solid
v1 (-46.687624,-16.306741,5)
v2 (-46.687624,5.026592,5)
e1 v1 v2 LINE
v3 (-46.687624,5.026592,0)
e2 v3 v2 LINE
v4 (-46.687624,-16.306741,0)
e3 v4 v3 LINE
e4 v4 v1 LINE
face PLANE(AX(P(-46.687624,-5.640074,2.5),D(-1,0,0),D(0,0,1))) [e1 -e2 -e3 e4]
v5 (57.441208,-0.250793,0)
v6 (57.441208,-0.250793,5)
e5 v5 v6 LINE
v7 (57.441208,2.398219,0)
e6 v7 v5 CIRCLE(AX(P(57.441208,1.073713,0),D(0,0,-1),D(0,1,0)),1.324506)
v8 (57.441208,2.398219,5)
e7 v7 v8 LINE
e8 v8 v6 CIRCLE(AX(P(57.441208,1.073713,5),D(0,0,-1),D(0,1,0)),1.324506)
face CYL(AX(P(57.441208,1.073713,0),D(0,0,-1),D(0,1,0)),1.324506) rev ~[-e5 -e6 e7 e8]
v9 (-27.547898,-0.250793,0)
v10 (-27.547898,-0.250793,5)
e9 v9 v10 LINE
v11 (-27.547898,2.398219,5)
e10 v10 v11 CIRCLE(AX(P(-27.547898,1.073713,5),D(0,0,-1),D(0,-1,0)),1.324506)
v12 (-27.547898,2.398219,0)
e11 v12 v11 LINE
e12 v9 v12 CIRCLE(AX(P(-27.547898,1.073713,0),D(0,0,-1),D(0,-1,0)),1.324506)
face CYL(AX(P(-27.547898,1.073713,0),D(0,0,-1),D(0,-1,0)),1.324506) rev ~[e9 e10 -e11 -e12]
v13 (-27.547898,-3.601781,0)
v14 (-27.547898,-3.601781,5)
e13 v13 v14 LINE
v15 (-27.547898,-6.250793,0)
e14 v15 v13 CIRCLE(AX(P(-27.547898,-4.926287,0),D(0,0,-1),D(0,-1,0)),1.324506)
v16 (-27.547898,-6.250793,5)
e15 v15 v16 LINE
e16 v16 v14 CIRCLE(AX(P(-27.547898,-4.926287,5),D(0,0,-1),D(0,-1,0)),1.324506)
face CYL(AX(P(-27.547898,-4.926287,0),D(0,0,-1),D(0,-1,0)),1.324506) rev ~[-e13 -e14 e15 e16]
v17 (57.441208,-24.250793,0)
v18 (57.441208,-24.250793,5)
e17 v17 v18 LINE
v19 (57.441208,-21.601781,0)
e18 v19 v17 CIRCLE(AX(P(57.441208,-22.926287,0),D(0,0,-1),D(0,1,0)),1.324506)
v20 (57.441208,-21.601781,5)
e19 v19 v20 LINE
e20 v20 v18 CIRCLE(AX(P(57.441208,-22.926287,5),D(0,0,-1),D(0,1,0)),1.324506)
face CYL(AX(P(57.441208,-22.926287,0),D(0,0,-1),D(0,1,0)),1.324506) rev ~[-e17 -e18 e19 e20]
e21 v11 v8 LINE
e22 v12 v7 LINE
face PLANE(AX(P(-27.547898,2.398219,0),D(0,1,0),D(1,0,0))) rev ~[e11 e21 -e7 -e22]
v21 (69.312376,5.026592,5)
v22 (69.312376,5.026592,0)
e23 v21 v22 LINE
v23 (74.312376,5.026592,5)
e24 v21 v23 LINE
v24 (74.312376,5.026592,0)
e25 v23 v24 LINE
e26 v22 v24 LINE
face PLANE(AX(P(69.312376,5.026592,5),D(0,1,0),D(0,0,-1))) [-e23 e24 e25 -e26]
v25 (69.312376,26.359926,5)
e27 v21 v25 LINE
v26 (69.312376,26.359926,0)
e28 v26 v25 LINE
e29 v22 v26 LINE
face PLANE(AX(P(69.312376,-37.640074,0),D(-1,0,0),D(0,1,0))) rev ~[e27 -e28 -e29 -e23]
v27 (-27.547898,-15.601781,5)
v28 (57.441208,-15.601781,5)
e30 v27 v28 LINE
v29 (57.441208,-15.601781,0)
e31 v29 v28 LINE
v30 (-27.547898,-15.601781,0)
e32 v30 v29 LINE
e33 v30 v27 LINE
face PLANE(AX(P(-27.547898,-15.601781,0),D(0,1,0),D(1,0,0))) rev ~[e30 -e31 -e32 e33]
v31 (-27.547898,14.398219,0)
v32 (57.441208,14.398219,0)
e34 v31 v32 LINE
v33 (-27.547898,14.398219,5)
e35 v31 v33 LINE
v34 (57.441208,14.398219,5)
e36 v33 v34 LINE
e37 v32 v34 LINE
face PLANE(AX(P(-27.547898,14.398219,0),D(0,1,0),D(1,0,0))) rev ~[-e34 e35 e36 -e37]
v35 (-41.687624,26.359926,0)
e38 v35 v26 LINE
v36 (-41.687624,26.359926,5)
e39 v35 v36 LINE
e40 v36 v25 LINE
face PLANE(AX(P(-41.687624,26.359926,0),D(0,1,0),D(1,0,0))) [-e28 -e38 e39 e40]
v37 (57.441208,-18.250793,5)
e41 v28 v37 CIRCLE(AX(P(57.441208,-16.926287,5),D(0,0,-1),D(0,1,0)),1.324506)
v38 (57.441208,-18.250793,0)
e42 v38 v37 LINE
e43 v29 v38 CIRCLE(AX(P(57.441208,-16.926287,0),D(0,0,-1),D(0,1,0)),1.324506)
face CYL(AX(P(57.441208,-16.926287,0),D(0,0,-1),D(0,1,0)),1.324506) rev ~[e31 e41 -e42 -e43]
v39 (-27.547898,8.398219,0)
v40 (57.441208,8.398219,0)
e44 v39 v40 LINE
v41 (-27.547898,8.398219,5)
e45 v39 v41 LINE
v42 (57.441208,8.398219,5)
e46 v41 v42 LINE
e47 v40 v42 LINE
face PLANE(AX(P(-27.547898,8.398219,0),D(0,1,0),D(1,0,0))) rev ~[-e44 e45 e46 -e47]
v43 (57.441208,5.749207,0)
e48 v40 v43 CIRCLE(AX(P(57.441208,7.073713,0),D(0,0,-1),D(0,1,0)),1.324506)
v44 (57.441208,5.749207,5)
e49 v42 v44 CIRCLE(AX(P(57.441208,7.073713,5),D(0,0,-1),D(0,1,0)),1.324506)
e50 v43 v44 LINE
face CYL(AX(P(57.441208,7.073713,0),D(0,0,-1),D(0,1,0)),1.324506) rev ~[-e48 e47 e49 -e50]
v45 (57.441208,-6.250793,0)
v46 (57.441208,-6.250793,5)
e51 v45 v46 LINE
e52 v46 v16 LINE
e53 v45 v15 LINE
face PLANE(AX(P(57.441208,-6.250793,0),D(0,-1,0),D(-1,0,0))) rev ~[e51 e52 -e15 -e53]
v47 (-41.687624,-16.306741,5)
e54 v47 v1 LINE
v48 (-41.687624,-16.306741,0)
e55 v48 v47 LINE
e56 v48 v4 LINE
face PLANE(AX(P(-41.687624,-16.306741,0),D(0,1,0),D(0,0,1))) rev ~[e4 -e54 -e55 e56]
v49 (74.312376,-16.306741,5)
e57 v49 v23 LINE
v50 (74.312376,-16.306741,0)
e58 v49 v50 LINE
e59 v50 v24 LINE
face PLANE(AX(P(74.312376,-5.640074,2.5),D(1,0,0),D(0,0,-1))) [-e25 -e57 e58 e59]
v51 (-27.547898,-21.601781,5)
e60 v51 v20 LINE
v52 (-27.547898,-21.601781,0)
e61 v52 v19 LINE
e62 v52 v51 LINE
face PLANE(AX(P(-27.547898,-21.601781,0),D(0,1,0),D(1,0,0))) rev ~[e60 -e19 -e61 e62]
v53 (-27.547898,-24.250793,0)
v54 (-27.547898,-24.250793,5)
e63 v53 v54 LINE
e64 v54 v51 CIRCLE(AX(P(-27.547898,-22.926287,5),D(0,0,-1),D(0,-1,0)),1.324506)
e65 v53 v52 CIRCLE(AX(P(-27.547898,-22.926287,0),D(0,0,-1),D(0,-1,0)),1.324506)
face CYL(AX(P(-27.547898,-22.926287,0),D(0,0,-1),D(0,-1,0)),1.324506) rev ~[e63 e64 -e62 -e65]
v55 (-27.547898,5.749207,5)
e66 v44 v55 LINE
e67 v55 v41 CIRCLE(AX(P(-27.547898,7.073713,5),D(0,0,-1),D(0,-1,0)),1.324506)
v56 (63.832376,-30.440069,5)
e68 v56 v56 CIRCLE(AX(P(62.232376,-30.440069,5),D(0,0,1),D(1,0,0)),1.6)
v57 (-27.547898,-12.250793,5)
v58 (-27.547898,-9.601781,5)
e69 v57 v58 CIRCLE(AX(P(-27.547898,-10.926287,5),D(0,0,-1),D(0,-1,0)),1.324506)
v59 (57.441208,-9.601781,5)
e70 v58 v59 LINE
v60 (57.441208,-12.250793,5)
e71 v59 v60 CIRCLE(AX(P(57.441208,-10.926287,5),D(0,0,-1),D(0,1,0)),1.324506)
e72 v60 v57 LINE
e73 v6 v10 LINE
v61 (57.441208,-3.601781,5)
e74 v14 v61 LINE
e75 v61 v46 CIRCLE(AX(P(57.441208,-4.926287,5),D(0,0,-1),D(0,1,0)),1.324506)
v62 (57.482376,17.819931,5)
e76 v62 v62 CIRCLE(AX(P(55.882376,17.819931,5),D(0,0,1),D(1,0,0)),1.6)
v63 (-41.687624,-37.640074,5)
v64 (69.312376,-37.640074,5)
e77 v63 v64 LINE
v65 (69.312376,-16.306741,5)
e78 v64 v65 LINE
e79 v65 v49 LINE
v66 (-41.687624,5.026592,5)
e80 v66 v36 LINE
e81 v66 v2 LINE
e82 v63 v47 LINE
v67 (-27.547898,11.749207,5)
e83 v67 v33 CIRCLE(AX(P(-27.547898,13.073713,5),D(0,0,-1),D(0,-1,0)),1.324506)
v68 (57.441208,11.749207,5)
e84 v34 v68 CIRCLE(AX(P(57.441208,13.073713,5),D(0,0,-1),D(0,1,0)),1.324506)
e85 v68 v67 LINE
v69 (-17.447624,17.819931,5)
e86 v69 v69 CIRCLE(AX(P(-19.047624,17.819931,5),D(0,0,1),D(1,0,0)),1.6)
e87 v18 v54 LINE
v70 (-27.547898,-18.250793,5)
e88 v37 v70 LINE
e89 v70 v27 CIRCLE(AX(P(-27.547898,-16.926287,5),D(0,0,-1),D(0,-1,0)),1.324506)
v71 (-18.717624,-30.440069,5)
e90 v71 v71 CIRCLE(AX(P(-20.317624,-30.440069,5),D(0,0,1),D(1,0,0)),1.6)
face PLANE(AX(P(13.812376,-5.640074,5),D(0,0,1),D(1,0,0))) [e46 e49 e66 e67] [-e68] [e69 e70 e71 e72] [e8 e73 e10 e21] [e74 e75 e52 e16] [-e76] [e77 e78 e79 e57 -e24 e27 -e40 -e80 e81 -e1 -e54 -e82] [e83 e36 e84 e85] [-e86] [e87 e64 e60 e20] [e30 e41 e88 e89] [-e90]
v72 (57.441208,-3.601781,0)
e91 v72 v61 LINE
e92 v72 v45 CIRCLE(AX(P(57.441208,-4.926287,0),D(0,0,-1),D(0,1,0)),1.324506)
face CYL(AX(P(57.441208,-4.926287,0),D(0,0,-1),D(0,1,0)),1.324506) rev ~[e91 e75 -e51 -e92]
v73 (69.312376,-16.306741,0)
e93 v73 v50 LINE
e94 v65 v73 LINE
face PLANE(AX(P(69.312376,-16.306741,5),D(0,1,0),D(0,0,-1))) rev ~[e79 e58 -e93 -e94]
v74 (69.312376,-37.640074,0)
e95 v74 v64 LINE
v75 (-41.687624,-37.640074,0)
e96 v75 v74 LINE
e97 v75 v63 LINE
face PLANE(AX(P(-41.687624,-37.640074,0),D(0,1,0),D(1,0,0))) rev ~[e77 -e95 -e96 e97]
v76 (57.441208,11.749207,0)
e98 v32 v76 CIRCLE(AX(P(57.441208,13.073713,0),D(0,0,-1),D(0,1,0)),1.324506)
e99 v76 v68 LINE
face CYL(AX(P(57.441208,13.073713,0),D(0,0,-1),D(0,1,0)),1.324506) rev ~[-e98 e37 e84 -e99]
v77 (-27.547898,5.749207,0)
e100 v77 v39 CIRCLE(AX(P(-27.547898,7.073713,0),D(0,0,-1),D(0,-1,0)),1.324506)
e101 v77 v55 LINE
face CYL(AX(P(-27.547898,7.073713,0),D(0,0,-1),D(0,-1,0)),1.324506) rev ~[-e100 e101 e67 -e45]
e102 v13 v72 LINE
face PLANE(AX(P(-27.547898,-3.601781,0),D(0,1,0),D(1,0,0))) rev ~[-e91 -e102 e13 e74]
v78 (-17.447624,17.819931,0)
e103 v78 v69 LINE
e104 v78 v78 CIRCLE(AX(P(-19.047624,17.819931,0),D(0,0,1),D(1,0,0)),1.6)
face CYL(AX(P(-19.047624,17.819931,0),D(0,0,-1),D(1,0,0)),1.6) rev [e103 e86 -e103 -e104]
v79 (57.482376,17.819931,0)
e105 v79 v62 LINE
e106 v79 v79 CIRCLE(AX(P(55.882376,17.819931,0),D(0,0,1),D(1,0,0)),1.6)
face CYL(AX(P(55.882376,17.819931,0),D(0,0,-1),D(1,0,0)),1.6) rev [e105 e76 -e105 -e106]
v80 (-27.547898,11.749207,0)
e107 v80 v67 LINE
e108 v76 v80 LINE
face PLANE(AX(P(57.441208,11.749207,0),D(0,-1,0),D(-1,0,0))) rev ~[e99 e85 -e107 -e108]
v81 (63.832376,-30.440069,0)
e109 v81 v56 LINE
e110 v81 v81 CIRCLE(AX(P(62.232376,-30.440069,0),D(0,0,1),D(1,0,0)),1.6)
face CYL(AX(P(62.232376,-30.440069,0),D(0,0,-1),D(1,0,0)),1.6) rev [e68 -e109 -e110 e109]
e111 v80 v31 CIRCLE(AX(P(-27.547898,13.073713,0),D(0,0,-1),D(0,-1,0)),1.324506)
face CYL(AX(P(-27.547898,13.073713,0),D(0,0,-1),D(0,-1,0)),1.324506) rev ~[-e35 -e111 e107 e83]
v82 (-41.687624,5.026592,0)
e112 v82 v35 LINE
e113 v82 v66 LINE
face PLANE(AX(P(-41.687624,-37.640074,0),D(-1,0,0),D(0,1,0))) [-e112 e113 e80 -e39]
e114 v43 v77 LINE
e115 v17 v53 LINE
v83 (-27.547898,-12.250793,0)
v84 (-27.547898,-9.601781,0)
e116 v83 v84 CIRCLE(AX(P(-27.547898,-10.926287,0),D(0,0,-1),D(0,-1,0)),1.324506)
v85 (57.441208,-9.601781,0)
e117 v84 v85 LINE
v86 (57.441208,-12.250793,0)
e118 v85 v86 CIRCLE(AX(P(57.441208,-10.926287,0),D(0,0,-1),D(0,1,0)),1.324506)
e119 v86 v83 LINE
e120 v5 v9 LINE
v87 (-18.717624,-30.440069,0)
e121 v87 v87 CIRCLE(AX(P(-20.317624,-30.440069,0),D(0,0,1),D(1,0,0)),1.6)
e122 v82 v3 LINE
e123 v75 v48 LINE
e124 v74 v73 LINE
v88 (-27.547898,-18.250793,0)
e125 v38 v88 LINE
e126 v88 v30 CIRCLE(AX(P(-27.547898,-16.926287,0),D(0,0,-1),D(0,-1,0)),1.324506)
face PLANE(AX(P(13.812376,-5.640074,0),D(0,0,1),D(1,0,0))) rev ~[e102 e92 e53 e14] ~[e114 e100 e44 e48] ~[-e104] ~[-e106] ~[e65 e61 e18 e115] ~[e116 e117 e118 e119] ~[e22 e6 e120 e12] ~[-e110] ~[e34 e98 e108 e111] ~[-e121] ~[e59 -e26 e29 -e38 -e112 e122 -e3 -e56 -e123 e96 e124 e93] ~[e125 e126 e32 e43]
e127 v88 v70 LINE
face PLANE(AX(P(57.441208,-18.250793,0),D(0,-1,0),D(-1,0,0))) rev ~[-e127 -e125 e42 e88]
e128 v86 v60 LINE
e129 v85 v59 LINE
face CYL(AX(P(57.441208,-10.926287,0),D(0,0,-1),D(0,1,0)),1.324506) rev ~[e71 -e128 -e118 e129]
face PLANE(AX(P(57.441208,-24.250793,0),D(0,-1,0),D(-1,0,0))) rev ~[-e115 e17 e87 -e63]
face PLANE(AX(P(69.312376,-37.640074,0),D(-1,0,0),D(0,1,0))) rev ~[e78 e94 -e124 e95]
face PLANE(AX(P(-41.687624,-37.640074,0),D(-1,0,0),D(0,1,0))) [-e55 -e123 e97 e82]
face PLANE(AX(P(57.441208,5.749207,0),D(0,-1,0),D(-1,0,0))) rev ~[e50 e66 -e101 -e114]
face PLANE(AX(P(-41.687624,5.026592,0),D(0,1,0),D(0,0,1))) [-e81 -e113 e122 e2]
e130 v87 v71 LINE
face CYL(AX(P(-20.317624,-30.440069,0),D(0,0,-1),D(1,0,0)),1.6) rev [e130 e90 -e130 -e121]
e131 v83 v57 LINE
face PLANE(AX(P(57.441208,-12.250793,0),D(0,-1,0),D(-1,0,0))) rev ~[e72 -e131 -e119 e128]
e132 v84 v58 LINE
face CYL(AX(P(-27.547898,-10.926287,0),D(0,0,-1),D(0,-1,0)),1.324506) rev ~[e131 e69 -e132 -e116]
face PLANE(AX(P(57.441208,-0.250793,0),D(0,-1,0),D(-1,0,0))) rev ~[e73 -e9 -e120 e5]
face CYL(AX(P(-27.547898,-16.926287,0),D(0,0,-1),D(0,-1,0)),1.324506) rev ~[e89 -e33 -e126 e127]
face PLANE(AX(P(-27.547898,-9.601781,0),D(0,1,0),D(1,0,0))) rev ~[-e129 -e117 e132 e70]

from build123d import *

# Parameters (mm, degrees)
CROQUIS1_W              = 111
CROQUIS1_H              = 64
CROQUIS1_R              = 1.6
SALIENTE_EXTRUIR1_DEPTH = 5
CROQUIS2_W              = 5
CROQUIS2_H              = 21.3333333
SALIENTE_EXTRUIR2_DEPTH = 5
CROQUIS3_W              = 5
CROQUIS3_H              = 21.3333333
SALIENTE_EXTRUIR3_DEPTH = 5


with BuildPart() as part:
    # Croquis1 → Saliente-Extruir1 (new body)
    with BuildSketch(Plane.XY):
        with Locations((13.812375919, -5.640074375)):
            Rectangle(CROQUIS1_W, CROQUIS1_H)
        with Locations((-20.317624082, -30.440068587)):
            Circle(CROQUIS1_R, mode=Mode.SUBTRACT)
        with Locations((-19.047624082, 17.819931413)):
            Circle(CROQUIS1_R, mode=Mode.SUBTRACT)
        with Locations((55.882375918, 17.819931413)):
            Circle(CROQUIS1_R, mode=Mode.SUBTRACT)
        with Locations((62.232375918, -30.440068587)):
            Circle(CROQUIS1_R, mode=Mode.SUBTRACT)
        with BuildLine():
            Line((-27.547897963, 14.398218547), (57.441208347, 14.398218547))
            ThreePointArc((57.441208347, 14.398218547), (58.7657139, 13.073712995), (57.441208347, 11.749207442))
            Line((57.441208347, 11.749207442), (-27.547897963, 11.749207442))
            ThreePointArc((-27.547897963, 11.749207442), (-28.872403516, 13.073712995), (-27.547897963, 14.398218547))
        make_face(mode=Mode.SUBTRACT)
        with BuildLine():
            Line((-27.547897963, 8.398218547), (57.441208347, 8.398218547))
            ThreePointArc((57.441208347, 8.398218547), (58.7657139, 7.073712995), (57.441208347, 5.749207442))
            Line((57.441208347, 5.749207442), (-27.547897963, 5.749207442))
            ThreePointArc((-27.547897963, 5.749207442), (-28.872403516, 7.073712995), (-27.547897963, 8.398218547))
        make_face(mode=Mode.SUBTRACT)
        with BuildLine():
            Line((-27.547897963, 2.398218547), (57.441208347, 2.398218547))
            ThreePointArc((57.441208347, 2.398218547), (58.7657139, 1.073712995), (57.441208347, -0.250792558))
            Line((57.441208347, -0.250792558), (-27.547897963, -0.250792558))
            ThreePointArc((-27.547897963, -0.250792558), (-28.872403516, 1.073712995), (-27.547897963, 2.398218547))
        make_face(mode=Mode.SUBTRACT)
        with BuildLine():
            Line((-27.547897963, -3.601781453), (57.441208347, -3.601781453))
            ThreePointArc((57.441208347, -3.601781453), (58.7657139, -4.926287005), (57.441208347, -6.250792558))
            Line((57.441208347, -6.250792558), (-27.547897963, -6.250792558))
            ThreePointArc((-27.547897963, -6.250792558), (-28.872403516, -4.926287005), (-27.547897963, -3.601781453))
        make_face(mode=Mode.SUBTRACT)
        with BuildLine():
            Line((-27.547897963, -9.601781453), (57.441208347, -9.601781453))
            ThreePointArc((57.441208347, -9.601781453), (58.7657139, -10.926287005), (57.441208347, -12.250792558))
            Line((57.441208347, -12.250792558), (-27.547897963, -12.250792558))
            ThreePointArc((-27.547897963, -12.250792558), (-28.872403516, -10.926287005), (-27.547897963, -9.601781453))
        make_face(mode=Mode.SUBTRACT)
        with BuildLine():
            Line((-27.547897963, -15.601781453), (57.441208347, -15.601781453))
            ThreePointArc((57.441208347, -15.601781453), (58.7657139, -16.926287005), (57.441208347, -18.250792558))
            Line((57.441208347, -18.250792558), (-27.547897963, -18.250792558))
            ThreePointArc((-27.547897963, -18.250792558), (-28.872403516, -16.926287005), (-27.547897963, -15.601781453))
        make_face(mode=Mode.SUBTRACT)
        with BuildLine():
            Line((-27.547897963, -21.601781453), (57.441208347, -21.601781453))
            ThreePointArc((57.441208347, -21.601781453), (58.7657139, -22.926287005), (57.441208347, -24.250792558))
            Line((57.441208347, -24.250792558), (-27.547897963, -24.250792558))
            ThreePointArc((-27.547897963, -24.250792558), (-28.872403516, -22.926287005), (-27.547897963, -21.601781453))
        make_face(mode=Mode.SUBTRACT)
    extrude(amount=SALIENTE_EXTRUIR1_DEPTH)

    # Croquis2 → Saliente-Extruir2 (add)
    with BuildSketch(Plane.ZY.offset(41.687624081)):
        with Locations((2.5, -5.640074358)):
            Rectangle(CROQUIS2_W, CROQUIS2_H)
    extrude(amount=SALIENTE_EXTRUIR2_DEPTH)

    # Croquis3 → Saliente-Extruir3 (add)
    with BuildSketch(Plane(origin=(69.312375919, 0, 0), x_dir=(0, 0, -1), z_dir=(1, 0, 0))):
        with Locations((-2.5, -5.640074358)):
            Rectangle(CROQUIS3_W, CROQUIS3_H)
    extrude(amount=SALIENTE_EXTRUIR3_DEPTH)


solid = part.part
